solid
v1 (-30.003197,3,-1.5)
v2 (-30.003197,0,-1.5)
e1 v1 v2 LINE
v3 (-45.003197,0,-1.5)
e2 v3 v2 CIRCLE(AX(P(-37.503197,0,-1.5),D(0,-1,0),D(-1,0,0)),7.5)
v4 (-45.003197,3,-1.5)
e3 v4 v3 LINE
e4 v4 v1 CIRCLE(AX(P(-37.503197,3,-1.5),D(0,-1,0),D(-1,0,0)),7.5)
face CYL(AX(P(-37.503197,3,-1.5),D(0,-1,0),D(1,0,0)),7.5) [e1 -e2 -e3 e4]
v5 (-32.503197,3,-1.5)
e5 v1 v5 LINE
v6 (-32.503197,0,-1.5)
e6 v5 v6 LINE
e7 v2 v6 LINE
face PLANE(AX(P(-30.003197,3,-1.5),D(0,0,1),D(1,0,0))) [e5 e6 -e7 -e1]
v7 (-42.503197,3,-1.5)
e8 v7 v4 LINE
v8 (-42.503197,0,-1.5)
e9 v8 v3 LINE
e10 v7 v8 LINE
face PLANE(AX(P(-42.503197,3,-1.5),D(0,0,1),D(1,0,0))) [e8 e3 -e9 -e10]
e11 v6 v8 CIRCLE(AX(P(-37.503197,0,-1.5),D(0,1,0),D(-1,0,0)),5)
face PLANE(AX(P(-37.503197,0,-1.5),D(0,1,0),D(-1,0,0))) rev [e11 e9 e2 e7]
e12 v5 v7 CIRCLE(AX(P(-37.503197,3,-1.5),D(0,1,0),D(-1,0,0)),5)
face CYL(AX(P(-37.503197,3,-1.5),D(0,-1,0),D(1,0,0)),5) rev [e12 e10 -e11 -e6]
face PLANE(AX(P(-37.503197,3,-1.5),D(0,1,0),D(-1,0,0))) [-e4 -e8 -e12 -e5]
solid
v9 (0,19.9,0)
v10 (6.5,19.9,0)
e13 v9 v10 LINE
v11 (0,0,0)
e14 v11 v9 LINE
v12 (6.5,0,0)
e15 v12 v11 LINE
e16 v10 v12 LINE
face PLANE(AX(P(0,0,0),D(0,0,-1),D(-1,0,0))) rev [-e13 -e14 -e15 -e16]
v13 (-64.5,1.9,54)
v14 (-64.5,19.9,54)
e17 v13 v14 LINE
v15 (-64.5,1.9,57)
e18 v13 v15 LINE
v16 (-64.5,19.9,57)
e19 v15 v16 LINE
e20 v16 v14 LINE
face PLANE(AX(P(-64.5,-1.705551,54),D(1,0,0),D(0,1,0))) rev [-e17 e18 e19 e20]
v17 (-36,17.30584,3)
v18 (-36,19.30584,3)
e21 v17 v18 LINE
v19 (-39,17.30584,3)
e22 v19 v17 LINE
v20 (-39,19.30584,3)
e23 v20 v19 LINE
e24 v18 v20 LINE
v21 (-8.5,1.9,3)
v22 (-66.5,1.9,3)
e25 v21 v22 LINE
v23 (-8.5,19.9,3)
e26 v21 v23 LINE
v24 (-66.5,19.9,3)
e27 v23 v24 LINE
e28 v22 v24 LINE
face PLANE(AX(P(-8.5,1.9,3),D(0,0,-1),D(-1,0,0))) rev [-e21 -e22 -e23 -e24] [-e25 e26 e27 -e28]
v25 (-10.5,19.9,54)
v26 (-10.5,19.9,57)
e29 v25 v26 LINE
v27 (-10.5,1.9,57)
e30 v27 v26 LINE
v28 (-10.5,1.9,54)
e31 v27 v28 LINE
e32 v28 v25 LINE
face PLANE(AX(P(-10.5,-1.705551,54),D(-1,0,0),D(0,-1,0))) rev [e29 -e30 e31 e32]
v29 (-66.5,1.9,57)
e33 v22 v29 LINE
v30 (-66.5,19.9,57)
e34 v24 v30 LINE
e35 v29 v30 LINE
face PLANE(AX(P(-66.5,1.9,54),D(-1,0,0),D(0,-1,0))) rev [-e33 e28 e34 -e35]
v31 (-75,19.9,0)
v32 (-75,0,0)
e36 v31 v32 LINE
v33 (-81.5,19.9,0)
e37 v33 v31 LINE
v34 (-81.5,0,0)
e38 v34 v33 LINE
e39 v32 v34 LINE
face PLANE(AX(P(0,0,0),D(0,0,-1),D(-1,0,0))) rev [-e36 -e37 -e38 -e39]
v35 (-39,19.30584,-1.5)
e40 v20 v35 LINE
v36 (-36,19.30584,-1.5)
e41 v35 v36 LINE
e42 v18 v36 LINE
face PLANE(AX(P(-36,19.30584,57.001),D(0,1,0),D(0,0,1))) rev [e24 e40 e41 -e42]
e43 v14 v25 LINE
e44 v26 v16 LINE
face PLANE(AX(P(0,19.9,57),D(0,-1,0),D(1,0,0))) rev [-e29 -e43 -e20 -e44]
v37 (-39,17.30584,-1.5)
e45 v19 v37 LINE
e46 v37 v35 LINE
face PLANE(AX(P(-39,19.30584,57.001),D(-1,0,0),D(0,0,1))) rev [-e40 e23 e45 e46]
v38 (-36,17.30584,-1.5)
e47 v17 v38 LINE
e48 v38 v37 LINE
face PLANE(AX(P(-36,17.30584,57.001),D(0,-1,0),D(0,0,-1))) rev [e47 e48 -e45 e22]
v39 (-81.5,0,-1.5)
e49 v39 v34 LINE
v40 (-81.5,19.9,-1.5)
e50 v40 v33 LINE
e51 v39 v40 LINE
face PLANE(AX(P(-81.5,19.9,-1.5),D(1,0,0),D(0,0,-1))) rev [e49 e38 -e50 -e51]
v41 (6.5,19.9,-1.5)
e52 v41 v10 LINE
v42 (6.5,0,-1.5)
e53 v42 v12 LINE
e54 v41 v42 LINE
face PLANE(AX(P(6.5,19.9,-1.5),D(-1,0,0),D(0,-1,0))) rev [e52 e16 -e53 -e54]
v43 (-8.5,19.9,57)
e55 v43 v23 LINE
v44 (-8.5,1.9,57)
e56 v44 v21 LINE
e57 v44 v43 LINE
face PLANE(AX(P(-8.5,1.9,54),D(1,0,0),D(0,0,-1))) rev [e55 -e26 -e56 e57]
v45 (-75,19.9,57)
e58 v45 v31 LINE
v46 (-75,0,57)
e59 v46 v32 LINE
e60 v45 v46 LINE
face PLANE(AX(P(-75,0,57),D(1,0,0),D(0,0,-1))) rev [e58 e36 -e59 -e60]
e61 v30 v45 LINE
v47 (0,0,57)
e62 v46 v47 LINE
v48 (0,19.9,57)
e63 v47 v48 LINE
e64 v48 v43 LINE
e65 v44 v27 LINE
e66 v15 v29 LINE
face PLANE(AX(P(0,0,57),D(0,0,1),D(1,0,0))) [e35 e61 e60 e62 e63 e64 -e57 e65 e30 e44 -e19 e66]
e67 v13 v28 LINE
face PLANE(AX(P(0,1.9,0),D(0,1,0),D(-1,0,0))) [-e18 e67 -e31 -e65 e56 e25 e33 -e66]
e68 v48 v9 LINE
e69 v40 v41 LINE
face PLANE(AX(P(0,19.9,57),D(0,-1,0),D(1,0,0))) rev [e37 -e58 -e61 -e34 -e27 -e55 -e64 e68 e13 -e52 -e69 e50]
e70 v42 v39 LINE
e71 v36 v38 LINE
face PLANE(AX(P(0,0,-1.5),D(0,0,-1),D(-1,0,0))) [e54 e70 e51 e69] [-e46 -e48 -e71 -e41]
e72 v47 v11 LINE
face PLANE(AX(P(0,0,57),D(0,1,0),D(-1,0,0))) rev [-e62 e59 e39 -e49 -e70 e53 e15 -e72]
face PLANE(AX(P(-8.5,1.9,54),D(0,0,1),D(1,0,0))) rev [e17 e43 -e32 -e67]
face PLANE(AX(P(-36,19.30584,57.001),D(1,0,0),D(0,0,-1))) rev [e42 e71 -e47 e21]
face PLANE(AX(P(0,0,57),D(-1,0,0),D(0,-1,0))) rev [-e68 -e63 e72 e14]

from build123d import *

# Parameters (mm, degrees)
SZKIC1_W                    = 75
SZKIC1_H                    = 19.9
DODANIE_WYCI_GNI_CIE1_DEPTH = 57
SZKIC2_W                    = 88
SZKIC2_H                    = 19.9
DODANIE_WYCI_GNI_CIE2_DEPTH = 1.5
SZKIC3_W                    = 58
SZKIC3_H                    = 51
WYTNIJ_WYCI_GNI_CIE1_DEPTH  = 18
SZKIC4_W                    = 2
SZKIC4_H                    = 3
WYTNIJ_WYCI_GNI_CIE2_DEPTH  = 18
DODANIE_WYCI_GNI_CIE3_DEPTH = 3
SZKIC6_W                    = 3
SZKIC6_H                    = 2
WYTNIJ_WYCI_GNI_CIE3_DEPTH  = 4.5


with BuildPart() as part:
    # Szkic1 → Dodanie-wyciągnięcie1 (new body)
    with BuildSketch(Plane.XY):
        with Locations((-37.5, 9.95)):
            Rectangle(SZKIC1_W, SZKIC1_H)
    extrude(amount=DODANIE_WYCI_GNI_CIE1_DEPTH)

    # Szkic2 → Dodanie-wyciągnięcie2 (add)
    with BuildSketch(Plane(origin=(0, 0, 0), x_dir=(-1, 0, 0), z_dir=(0, 0, -1))):
        with Locations((37.5, 9.95)):
            Rectangle(SZKIC2_W, SZKIC2_H)
    extrude(amount=DODANIE_WYCI_GNI_CIE2_DEPTH)

    # Szkic3 → Wytnij-wyciągnięcie1 (cut)
    with BuildSketch(Plane(origin=(0, 19.9, 0), x_dir=(1, 0, 0), z_dir=(0, 1, 0))):
        with Locations((-37.5, -28.5)):
            Rectangle(SZKIC3_W, SZKIC3_H)
    extrude(amount=-WYTNIJ_WYCI_GNI_CIE1_DEPTH, mode=Mode.SUBTRACT)

    # Szkic4 → Wytnij-wyciągnięcie2 (cut)
    with BuildSketch(Plane(origin=(0, 19.9, 0), x_dir=(1, 0, 0), z_dir=(0, 1, 0))):
        with Locations((-9.5, -55.5)):
            Rectangle(SZKIC4_W, SZKIC4_H)
        with Locations((-65.5, -55.5)):
            Rectangle(SZKIC4_W, SZKIC4_H)
    extrude(amount=-WYTNIJ_WYCI_GNI_CIE2_DEPTH, mode=Mode.SUBTRACT)

    # Szkic6 → Wytnij-wyciągnięcie3 (cut)
    with BuildSketch(Plane(origin=(0, 0, -1.5), x_dir=(-1, 0, 0), z_dir=(0, 0, -1))):
        with Locations((37.5, 18.305839867)):
            Rectangle(SZKIC6_W, SZKIC6_H)
    extrude(amount=-WYTNIJ_WYCI_GNI_CIE3_DEPTH, mode=Mode.SUBTRACT)


with BuildPart() as body_2:
    # Szkic5 → Dodanie-wyciągnięcie3 (new body)
    with BuildSketch(Plane.XZ):
        with BuildLine():
            Line((-30.003197312, -1.5), (-32.503197312, -1.5))
            ThreePointArc((-32.503197312, -1.5), (-37.503197312, -6.5), (-42.503197312, -1.5))
            Line((-42.503197312, -1.5), (-45.003197312, -1.5))
            ThreePointArc((-45.003197312, -1.5), (-37.503197312, -9), (-30.003197312, -1.5))
        make_face()
    extrude(amount=-DODANIE_WYCI_GNI_CIE3_DEPTH)


solid = Compound([part.part, body_2.part])
